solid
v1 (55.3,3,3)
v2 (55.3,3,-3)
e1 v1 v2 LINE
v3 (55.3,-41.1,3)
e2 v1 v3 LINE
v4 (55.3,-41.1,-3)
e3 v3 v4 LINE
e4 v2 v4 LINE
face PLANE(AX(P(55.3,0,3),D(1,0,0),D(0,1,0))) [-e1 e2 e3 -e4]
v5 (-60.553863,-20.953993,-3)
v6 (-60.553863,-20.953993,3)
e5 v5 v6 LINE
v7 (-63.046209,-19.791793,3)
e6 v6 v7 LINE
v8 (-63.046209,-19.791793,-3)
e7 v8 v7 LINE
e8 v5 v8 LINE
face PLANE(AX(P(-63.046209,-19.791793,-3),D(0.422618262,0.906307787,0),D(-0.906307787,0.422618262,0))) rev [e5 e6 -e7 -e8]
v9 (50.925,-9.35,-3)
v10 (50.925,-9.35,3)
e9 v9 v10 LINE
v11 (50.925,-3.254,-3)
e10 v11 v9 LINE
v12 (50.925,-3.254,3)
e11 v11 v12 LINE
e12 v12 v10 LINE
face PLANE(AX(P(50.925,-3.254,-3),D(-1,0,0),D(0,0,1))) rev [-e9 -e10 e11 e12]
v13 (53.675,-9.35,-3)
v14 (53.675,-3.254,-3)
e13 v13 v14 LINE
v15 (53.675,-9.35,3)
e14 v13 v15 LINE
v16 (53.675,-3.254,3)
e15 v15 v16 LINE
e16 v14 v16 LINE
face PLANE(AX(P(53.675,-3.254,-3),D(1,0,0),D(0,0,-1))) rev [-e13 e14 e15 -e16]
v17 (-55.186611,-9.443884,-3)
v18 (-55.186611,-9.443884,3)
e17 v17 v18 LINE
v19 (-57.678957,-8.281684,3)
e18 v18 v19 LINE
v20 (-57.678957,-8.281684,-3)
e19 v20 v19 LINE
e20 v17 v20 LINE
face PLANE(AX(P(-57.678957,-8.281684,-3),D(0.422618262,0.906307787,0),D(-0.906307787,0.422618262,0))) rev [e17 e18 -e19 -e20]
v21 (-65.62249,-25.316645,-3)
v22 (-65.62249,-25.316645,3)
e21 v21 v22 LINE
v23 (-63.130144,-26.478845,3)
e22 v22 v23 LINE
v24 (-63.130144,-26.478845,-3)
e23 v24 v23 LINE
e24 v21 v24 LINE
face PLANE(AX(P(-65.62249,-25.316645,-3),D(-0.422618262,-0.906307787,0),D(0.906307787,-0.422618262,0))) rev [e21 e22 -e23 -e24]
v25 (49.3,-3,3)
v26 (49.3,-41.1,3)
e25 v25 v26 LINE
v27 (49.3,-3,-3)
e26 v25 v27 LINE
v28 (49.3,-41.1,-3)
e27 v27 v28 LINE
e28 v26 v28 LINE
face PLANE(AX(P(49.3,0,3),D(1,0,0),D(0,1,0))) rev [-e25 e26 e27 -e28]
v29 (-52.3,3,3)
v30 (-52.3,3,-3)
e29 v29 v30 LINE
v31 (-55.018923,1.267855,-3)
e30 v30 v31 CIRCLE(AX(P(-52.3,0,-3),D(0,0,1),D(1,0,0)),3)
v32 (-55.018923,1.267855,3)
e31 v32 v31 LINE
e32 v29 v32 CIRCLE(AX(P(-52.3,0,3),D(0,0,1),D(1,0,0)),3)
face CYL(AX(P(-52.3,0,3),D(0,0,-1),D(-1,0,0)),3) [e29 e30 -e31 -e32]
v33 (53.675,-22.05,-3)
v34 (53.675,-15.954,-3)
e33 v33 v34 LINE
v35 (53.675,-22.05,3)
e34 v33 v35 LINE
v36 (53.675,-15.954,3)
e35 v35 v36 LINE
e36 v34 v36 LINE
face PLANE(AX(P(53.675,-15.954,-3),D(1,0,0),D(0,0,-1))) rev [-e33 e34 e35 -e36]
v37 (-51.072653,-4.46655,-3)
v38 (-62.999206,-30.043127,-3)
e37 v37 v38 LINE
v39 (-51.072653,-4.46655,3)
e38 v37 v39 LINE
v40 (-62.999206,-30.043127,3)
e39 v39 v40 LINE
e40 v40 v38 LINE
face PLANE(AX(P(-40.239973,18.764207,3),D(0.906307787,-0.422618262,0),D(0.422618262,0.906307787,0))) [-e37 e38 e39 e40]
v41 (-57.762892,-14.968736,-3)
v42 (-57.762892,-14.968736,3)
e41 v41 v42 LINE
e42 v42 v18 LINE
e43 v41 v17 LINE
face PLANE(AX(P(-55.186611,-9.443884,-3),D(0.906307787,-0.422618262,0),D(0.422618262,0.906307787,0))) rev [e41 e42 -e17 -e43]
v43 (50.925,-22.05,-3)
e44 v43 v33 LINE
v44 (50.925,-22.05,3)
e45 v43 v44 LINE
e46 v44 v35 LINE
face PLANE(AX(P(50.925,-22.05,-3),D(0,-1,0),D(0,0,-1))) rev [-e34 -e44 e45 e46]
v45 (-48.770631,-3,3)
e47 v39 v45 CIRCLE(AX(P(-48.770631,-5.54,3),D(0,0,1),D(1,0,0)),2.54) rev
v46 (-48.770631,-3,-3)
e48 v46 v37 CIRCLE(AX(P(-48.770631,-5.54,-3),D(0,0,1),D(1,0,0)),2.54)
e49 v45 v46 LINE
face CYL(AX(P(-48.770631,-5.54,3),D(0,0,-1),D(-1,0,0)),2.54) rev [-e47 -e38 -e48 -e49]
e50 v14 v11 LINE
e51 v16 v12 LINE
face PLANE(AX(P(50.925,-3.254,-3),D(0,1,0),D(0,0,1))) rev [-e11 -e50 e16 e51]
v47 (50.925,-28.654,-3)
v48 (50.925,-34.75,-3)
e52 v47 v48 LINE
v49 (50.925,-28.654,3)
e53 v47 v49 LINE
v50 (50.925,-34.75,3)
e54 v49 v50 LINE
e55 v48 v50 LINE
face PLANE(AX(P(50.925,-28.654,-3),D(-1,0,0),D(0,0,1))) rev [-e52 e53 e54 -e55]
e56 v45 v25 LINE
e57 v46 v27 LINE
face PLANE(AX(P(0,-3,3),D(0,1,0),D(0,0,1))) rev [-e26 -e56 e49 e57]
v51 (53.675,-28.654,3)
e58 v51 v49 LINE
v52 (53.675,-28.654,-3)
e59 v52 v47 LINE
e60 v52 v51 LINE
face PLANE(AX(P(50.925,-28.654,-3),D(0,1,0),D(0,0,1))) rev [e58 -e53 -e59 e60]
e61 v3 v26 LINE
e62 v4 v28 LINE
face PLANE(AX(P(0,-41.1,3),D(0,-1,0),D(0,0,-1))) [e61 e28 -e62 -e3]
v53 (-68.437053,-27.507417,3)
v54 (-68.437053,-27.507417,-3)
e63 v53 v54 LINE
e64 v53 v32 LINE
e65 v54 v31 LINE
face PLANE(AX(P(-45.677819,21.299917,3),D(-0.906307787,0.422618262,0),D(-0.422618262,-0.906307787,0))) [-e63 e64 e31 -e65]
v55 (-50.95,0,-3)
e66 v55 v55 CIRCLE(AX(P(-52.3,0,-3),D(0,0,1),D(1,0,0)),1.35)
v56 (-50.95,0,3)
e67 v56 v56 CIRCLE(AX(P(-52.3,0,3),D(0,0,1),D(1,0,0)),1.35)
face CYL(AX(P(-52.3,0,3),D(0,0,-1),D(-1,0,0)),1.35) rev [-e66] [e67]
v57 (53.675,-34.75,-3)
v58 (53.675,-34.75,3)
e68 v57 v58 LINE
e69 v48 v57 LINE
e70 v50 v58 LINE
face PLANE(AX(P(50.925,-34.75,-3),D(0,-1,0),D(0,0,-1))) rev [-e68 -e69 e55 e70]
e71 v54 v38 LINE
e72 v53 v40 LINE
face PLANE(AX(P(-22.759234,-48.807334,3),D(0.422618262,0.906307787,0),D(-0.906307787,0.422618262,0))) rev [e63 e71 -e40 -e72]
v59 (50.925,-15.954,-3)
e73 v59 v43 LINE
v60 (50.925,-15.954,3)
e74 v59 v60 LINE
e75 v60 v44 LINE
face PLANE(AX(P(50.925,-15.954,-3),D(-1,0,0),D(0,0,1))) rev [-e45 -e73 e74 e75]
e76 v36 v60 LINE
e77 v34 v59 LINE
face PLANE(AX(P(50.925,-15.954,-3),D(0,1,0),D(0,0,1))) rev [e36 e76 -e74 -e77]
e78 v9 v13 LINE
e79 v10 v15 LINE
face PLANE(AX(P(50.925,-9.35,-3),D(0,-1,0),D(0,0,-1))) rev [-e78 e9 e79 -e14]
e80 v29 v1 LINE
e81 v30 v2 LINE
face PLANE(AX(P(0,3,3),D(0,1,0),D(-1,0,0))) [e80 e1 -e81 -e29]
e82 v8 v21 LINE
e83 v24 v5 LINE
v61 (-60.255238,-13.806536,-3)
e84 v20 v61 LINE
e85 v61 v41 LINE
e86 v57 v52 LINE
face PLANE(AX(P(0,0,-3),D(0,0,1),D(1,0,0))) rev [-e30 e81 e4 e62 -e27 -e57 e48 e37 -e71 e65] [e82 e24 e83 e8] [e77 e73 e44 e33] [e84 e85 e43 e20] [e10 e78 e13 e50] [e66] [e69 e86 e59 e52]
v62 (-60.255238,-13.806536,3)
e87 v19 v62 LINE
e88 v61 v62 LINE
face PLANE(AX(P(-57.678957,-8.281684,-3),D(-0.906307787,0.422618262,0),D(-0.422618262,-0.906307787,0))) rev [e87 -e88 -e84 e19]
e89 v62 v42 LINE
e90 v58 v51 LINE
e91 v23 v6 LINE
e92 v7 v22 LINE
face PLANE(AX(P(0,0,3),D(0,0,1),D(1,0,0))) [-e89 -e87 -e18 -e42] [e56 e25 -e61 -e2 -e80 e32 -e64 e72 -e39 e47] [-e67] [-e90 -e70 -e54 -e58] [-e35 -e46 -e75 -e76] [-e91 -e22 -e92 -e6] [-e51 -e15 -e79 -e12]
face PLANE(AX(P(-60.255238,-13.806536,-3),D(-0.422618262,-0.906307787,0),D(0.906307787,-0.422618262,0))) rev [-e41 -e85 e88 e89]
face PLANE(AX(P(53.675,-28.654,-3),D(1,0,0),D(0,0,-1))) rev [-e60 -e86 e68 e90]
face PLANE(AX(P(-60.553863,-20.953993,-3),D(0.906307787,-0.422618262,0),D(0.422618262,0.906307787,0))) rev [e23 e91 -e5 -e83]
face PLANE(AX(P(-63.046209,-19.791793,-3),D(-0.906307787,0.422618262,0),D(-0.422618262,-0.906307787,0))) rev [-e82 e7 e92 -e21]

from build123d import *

# Parameters (mm, degrees)
SKETCH1_R           = 1.35
SKETCH1_W           = 6
SKETCH1_H           = 38.1
SKETCH1_H_2         = 6
BOSS_EXTRUDE1_DEPTH = 3
FILLET1_R           = 2.54
CUT_EXTRUDE1_DEPTH  = 81.055232476
LPATTERN1_COUNT     = 2
LPATTERN1_PITCH     = 12.7
SKETCH3_W           = 2.75
SKETCH3_H           = 6.096
CUT_EXTRUDE2_DEPTH  = 81.055232476
LPATTERN2_COUNT     = 3
LPATTERN2_PITCH     = 12.7


with BuildPart() as part:
    # Sketch1 → Boss-Extrude1 (new, symmetric)
    # profile 1 of 3: a face of its own
    with BuildSketch(Plane.XY):
        with BuildLine():
            Line((-62.999206449, -30.043127024), (-50.388789218, -3))
            Line((-50.388789218, -3), (49.3, -3))
            Line((49.3, -3), (49.3, 3))
            Line((49.3, 3), (-52.3, 3))
            ThreePointArc((-52.3, 3), (-53.911898825, 2.530174337), (-55.018923361, 1.267854785))
            Line((-55.018923361, 1.267854785), (-55.3, 0.665083988))
            Line((-55.3, 0.665083988), (-68.437053171, -27.507417453))
            Line((-68.437053171, -27.507417453), (-62.999206449, -30.043127024))
        make_face()
        with Locations((-52.3, 0)):
            Circle(SKETCH1_R, mode=Mode.SUBTRACT)
    # profile 2 of 3: a face of its own
    with BuildSketch(Plane.XY):
        with Locations((52.3, -22.05)):
            Rectangle(SKETCH1_W, SKETCH1_H)
    # profile 3 of 3: a face of its own
    with BuildSketch(Plane.XY):
        with Locations((52.3, 0)):
            Rectangle(SKETCH1_W, SKETCH1_H_2)
    extrude(amount=BOSS_EXTRUDE1_DEPTH, both=True)

    # Fillet1
    fillet1_edges = [part.edges().sort_by_distance(p)[0] for p in [
        (-50.388789218, -3, 0),
    ]]
    fillet(fillet1_edges, radius=FILLET1_R)

    # Sketch2 → Cut-Extrude1 (cut, symmetric)
    with BuildSketch(Plane.XY.offset(3)):
        Polygon((-63.046209113, -19.791792635), (-65.622490036, -25.316644905), (-63.130143622, -26.478845124), (-60.553862698, -20.953992855), align=None)
    cut_extrude1 = extrude(amount=CUT_EXTRUDE1_DEPTH, both=True, mode=Mode.SUBTRACT)

    # LPattern1: Cut-Extrude1 ×2
    with Locations(*[Vector(0.42261826174070405, 0.9063077870366479, 0) * (i * LPATTERN1_PITCH) for i in range(1, LPATTERN1_COUNT)]):
        add(cut_extrude1, mode=Mode.SUBTRACT)

    # Sketch3 → Cut-Extrude2 (cut, symmetric)
    with BuildSketch(Plane.XY.offset(3)):
        with Locations((52.3, -31.702)):
            Rectangle(SKETCH3_W, SKETCH3_H)
    cut_extrude2 = extrude(amount=CUT_EXTRUDE2_DEPTH, both=True, mode=Mode.SUBTRACT)

    # LPattern2: Cut-Extrude2 ×3
    with Locations(*[(0, i * LPATTERN2_PITCH, 0) for i in range(1, LPATTERN2_COUNT)]):
        add(cut_extrude2, mode=Mode.SUBTRACT)


solid = part.part
